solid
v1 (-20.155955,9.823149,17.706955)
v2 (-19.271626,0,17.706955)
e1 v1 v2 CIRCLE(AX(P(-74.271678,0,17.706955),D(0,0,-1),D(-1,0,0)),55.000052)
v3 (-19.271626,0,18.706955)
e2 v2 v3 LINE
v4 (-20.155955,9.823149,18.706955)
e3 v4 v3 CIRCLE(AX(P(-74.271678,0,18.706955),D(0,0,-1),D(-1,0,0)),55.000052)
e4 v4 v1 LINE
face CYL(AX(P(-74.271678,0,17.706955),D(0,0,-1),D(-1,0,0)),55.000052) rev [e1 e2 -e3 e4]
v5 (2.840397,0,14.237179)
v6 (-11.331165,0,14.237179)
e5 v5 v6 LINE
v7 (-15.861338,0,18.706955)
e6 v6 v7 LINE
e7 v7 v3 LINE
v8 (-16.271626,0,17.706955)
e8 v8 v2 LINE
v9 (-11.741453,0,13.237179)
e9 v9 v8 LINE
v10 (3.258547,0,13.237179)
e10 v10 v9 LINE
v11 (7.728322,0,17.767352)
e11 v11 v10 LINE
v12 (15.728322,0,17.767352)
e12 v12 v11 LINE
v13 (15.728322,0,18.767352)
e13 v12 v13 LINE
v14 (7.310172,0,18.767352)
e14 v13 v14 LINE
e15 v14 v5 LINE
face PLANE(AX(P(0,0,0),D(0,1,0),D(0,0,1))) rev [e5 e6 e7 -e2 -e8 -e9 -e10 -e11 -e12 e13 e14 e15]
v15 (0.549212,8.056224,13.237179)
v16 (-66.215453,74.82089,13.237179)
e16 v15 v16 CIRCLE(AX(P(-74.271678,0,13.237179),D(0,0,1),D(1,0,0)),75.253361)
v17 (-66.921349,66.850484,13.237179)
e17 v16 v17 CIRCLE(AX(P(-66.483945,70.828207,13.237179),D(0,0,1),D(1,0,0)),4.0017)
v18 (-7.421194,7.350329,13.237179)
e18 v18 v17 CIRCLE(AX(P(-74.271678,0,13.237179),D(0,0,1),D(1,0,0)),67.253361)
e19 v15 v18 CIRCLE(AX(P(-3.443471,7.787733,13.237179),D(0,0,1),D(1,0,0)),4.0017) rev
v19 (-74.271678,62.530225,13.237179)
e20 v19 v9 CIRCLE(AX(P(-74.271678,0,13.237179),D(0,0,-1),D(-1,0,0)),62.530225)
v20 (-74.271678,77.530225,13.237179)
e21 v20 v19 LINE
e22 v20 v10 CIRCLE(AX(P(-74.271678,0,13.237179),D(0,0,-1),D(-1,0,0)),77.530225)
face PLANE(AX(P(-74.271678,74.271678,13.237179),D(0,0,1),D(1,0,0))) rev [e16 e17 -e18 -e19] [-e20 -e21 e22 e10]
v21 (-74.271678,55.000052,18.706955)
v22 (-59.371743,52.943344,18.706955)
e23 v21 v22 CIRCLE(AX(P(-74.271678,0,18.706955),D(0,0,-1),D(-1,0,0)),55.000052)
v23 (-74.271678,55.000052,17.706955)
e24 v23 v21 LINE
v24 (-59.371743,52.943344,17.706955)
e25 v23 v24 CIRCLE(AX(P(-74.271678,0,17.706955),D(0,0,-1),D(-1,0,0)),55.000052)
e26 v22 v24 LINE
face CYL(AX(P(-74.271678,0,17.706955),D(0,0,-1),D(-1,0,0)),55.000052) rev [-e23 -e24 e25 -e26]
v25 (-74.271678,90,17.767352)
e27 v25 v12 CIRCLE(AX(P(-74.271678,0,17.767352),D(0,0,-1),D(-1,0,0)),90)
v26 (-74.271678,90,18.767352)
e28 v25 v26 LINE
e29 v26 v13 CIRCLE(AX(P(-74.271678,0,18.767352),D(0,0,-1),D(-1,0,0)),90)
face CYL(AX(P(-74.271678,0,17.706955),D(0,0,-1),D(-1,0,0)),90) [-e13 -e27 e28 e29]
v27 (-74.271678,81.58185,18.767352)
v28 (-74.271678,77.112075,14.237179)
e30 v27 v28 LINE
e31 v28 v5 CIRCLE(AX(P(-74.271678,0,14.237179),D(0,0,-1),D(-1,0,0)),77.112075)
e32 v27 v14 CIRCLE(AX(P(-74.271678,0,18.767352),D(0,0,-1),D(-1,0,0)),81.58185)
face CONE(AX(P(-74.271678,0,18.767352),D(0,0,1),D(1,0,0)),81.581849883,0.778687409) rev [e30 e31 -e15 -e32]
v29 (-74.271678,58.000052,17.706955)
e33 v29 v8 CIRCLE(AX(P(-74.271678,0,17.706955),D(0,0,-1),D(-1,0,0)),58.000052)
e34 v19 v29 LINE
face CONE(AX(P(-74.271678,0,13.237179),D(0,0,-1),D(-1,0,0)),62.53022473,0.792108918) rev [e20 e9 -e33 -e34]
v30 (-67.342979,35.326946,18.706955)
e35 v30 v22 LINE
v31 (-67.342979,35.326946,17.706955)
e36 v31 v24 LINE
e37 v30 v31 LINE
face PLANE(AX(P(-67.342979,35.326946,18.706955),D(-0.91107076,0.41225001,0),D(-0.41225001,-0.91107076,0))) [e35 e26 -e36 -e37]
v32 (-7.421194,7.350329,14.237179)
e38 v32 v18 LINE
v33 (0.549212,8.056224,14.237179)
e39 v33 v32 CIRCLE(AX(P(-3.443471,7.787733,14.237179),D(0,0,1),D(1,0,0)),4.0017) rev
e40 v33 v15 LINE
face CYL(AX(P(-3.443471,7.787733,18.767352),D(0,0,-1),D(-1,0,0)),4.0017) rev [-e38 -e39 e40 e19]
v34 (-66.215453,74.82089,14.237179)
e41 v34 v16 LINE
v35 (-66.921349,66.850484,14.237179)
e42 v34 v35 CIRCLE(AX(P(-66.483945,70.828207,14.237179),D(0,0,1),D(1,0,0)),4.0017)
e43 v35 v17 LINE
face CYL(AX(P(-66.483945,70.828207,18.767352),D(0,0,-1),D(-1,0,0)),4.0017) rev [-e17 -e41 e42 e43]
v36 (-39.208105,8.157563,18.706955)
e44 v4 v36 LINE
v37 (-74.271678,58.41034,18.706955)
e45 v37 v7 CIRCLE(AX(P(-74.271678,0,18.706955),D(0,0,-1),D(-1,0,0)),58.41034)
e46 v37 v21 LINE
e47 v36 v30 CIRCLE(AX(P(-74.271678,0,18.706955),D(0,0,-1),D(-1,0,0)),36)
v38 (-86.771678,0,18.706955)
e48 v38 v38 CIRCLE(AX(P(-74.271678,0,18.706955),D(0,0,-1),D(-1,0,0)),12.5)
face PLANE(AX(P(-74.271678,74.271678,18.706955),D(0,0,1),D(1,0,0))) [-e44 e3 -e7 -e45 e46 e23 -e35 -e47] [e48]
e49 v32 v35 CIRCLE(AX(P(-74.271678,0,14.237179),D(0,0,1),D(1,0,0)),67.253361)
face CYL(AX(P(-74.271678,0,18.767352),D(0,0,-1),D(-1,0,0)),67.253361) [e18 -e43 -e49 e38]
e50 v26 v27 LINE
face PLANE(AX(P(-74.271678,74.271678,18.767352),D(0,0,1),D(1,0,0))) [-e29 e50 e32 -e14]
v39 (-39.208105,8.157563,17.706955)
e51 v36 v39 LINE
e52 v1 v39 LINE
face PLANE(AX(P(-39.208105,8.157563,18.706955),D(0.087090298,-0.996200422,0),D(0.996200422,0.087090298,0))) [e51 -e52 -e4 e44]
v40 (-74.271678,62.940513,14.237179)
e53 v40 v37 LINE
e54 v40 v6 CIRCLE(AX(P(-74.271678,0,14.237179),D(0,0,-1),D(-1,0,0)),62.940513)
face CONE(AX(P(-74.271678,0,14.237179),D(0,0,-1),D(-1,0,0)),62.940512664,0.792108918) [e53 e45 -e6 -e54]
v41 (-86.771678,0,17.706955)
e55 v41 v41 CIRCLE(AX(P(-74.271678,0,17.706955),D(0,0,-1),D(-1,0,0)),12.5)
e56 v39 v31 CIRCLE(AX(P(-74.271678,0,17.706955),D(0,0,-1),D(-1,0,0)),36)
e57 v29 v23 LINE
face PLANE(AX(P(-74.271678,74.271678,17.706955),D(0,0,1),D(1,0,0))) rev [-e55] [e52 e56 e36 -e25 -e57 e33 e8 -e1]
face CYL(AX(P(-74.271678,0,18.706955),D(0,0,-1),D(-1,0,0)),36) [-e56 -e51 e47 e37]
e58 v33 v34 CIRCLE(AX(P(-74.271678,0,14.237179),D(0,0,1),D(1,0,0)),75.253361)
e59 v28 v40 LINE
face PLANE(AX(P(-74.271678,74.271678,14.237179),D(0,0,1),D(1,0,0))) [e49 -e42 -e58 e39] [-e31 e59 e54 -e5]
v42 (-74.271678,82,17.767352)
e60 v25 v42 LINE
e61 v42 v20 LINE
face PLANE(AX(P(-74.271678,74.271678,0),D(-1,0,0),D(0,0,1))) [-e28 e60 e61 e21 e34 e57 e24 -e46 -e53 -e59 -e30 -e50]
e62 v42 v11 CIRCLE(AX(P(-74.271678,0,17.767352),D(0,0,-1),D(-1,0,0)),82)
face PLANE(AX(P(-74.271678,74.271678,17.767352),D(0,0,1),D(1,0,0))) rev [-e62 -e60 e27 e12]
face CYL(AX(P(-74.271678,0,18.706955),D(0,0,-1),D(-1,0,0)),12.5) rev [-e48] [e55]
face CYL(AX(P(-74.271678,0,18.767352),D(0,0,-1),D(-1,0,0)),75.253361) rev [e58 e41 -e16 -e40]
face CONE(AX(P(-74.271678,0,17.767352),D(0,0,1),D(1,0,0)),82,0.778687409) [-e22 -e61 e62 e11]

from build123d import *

# Parameters (mm, degrees)
REVOLVE1_ANGLE          = 90
BOSS_EXTRUDE1_START     = -1
SKETCH2_R               = 12.5
BOSS_EXTRUDE1_DEPTH     = 1
CUT_EXTRUDE1_DEPTH      = 143.444465377
CUT_EXTRUDE1_DEPTH_BACK = 143.444465377


with BuildPart() as part:
    # Sketch1 → Revolve1 (revolve)
    with BuildSketch(Plane(origin=(0, 0, 0), x_dir=(1, 0, 0), z_dir=(0, 1, 0))):
        Polygon((-16.271625609, -17.706954757), (-19.271625609, -17.706954757), (-19.271625609, -18.706954757), (-15.861337675, -18.706954757), (-11.331165057, -14.237179487), (2.840396891, -14.237179487), (7.310172161, -18.767352105), (15.728322279, -18.767352105), (15.728322279, -17.767352105), (7.728322279, -17.767352105), (3.258547009, -13.237179487), (-11.741452991, -13.237179487), align=None)
    revolve(axis=Axis((-74.271677721, 0, 17.706954757), (0, 0, 1)), revolution_arc=REVOLVE1_ANGLE)

    # Sketch2 → Boss-Extrude1 (add)
    with BuildSketch(Plane(origin=(0, 0, 17.706954757), x_dir=(-1, 0, 0), z_dir=(0, 0, -1)).offset(BOSS_EXTRUDE1_START)):
        with BuildLine():
            Line((67.342979074, 35.326946302), (59.371742963, 52.943344025))
            ThreePointArc((59.371742963, 52.943344025), (33.582268097, 37.005103388), (20.15595474, 9.823149116))
            Line((20.15595474, 9.823149116), (39.208104561, 8.157563191))
            ThreePointArc((39.208104561, 8.157563191), (99.279307908, -25.89630152), (67.342979074, 35.326946302))
        make_face()
        with Locations((74.271677721, 0)):
            Circle(SKETCH2_R, mode=Mode.SUBTRACT)
    extrude(amount=BOSS_EXTRUDE1_DEPTH)

    # Sketch3 → Cut-Extrude1 (cut, two sides: drawn at the far end of the back side and taken through both)
    with BuildSketch(Plane(origin=(0, 0, 13.237179487), x_dir=(-1, 0, 0), z_dir=(0, 0, -1)).offset(-CUT_EXTRUDE1_DEPTH_BACK)):
        with BuildLine():
            ThreePointArc((7.421193768, 7.350328837), (3.090443615, 3.801635214), (-0.54921214, 8.056224419))
            ThreePointArc((-0.54921214, 8.056224419), (21.059515993, 53.212161728), (66.215453303, 74.820889862))
            ThreePointArc((66.215453303, 74.820889862), (70.470042507, 71.181234106), (66.921348884, 66.850483953))
            ThreePointArc((66.921348884, 66.850483953), (26.716370243, 47.555307479), (7.421193768, 7.350328837))
        make_face()
    extrude(amount=CUT_EXTRUDE1_DEPTH + CUT_EXTRUDE1_DEPTH_BACK, mode=Mode.SUBTRACT)


solid = part.part
